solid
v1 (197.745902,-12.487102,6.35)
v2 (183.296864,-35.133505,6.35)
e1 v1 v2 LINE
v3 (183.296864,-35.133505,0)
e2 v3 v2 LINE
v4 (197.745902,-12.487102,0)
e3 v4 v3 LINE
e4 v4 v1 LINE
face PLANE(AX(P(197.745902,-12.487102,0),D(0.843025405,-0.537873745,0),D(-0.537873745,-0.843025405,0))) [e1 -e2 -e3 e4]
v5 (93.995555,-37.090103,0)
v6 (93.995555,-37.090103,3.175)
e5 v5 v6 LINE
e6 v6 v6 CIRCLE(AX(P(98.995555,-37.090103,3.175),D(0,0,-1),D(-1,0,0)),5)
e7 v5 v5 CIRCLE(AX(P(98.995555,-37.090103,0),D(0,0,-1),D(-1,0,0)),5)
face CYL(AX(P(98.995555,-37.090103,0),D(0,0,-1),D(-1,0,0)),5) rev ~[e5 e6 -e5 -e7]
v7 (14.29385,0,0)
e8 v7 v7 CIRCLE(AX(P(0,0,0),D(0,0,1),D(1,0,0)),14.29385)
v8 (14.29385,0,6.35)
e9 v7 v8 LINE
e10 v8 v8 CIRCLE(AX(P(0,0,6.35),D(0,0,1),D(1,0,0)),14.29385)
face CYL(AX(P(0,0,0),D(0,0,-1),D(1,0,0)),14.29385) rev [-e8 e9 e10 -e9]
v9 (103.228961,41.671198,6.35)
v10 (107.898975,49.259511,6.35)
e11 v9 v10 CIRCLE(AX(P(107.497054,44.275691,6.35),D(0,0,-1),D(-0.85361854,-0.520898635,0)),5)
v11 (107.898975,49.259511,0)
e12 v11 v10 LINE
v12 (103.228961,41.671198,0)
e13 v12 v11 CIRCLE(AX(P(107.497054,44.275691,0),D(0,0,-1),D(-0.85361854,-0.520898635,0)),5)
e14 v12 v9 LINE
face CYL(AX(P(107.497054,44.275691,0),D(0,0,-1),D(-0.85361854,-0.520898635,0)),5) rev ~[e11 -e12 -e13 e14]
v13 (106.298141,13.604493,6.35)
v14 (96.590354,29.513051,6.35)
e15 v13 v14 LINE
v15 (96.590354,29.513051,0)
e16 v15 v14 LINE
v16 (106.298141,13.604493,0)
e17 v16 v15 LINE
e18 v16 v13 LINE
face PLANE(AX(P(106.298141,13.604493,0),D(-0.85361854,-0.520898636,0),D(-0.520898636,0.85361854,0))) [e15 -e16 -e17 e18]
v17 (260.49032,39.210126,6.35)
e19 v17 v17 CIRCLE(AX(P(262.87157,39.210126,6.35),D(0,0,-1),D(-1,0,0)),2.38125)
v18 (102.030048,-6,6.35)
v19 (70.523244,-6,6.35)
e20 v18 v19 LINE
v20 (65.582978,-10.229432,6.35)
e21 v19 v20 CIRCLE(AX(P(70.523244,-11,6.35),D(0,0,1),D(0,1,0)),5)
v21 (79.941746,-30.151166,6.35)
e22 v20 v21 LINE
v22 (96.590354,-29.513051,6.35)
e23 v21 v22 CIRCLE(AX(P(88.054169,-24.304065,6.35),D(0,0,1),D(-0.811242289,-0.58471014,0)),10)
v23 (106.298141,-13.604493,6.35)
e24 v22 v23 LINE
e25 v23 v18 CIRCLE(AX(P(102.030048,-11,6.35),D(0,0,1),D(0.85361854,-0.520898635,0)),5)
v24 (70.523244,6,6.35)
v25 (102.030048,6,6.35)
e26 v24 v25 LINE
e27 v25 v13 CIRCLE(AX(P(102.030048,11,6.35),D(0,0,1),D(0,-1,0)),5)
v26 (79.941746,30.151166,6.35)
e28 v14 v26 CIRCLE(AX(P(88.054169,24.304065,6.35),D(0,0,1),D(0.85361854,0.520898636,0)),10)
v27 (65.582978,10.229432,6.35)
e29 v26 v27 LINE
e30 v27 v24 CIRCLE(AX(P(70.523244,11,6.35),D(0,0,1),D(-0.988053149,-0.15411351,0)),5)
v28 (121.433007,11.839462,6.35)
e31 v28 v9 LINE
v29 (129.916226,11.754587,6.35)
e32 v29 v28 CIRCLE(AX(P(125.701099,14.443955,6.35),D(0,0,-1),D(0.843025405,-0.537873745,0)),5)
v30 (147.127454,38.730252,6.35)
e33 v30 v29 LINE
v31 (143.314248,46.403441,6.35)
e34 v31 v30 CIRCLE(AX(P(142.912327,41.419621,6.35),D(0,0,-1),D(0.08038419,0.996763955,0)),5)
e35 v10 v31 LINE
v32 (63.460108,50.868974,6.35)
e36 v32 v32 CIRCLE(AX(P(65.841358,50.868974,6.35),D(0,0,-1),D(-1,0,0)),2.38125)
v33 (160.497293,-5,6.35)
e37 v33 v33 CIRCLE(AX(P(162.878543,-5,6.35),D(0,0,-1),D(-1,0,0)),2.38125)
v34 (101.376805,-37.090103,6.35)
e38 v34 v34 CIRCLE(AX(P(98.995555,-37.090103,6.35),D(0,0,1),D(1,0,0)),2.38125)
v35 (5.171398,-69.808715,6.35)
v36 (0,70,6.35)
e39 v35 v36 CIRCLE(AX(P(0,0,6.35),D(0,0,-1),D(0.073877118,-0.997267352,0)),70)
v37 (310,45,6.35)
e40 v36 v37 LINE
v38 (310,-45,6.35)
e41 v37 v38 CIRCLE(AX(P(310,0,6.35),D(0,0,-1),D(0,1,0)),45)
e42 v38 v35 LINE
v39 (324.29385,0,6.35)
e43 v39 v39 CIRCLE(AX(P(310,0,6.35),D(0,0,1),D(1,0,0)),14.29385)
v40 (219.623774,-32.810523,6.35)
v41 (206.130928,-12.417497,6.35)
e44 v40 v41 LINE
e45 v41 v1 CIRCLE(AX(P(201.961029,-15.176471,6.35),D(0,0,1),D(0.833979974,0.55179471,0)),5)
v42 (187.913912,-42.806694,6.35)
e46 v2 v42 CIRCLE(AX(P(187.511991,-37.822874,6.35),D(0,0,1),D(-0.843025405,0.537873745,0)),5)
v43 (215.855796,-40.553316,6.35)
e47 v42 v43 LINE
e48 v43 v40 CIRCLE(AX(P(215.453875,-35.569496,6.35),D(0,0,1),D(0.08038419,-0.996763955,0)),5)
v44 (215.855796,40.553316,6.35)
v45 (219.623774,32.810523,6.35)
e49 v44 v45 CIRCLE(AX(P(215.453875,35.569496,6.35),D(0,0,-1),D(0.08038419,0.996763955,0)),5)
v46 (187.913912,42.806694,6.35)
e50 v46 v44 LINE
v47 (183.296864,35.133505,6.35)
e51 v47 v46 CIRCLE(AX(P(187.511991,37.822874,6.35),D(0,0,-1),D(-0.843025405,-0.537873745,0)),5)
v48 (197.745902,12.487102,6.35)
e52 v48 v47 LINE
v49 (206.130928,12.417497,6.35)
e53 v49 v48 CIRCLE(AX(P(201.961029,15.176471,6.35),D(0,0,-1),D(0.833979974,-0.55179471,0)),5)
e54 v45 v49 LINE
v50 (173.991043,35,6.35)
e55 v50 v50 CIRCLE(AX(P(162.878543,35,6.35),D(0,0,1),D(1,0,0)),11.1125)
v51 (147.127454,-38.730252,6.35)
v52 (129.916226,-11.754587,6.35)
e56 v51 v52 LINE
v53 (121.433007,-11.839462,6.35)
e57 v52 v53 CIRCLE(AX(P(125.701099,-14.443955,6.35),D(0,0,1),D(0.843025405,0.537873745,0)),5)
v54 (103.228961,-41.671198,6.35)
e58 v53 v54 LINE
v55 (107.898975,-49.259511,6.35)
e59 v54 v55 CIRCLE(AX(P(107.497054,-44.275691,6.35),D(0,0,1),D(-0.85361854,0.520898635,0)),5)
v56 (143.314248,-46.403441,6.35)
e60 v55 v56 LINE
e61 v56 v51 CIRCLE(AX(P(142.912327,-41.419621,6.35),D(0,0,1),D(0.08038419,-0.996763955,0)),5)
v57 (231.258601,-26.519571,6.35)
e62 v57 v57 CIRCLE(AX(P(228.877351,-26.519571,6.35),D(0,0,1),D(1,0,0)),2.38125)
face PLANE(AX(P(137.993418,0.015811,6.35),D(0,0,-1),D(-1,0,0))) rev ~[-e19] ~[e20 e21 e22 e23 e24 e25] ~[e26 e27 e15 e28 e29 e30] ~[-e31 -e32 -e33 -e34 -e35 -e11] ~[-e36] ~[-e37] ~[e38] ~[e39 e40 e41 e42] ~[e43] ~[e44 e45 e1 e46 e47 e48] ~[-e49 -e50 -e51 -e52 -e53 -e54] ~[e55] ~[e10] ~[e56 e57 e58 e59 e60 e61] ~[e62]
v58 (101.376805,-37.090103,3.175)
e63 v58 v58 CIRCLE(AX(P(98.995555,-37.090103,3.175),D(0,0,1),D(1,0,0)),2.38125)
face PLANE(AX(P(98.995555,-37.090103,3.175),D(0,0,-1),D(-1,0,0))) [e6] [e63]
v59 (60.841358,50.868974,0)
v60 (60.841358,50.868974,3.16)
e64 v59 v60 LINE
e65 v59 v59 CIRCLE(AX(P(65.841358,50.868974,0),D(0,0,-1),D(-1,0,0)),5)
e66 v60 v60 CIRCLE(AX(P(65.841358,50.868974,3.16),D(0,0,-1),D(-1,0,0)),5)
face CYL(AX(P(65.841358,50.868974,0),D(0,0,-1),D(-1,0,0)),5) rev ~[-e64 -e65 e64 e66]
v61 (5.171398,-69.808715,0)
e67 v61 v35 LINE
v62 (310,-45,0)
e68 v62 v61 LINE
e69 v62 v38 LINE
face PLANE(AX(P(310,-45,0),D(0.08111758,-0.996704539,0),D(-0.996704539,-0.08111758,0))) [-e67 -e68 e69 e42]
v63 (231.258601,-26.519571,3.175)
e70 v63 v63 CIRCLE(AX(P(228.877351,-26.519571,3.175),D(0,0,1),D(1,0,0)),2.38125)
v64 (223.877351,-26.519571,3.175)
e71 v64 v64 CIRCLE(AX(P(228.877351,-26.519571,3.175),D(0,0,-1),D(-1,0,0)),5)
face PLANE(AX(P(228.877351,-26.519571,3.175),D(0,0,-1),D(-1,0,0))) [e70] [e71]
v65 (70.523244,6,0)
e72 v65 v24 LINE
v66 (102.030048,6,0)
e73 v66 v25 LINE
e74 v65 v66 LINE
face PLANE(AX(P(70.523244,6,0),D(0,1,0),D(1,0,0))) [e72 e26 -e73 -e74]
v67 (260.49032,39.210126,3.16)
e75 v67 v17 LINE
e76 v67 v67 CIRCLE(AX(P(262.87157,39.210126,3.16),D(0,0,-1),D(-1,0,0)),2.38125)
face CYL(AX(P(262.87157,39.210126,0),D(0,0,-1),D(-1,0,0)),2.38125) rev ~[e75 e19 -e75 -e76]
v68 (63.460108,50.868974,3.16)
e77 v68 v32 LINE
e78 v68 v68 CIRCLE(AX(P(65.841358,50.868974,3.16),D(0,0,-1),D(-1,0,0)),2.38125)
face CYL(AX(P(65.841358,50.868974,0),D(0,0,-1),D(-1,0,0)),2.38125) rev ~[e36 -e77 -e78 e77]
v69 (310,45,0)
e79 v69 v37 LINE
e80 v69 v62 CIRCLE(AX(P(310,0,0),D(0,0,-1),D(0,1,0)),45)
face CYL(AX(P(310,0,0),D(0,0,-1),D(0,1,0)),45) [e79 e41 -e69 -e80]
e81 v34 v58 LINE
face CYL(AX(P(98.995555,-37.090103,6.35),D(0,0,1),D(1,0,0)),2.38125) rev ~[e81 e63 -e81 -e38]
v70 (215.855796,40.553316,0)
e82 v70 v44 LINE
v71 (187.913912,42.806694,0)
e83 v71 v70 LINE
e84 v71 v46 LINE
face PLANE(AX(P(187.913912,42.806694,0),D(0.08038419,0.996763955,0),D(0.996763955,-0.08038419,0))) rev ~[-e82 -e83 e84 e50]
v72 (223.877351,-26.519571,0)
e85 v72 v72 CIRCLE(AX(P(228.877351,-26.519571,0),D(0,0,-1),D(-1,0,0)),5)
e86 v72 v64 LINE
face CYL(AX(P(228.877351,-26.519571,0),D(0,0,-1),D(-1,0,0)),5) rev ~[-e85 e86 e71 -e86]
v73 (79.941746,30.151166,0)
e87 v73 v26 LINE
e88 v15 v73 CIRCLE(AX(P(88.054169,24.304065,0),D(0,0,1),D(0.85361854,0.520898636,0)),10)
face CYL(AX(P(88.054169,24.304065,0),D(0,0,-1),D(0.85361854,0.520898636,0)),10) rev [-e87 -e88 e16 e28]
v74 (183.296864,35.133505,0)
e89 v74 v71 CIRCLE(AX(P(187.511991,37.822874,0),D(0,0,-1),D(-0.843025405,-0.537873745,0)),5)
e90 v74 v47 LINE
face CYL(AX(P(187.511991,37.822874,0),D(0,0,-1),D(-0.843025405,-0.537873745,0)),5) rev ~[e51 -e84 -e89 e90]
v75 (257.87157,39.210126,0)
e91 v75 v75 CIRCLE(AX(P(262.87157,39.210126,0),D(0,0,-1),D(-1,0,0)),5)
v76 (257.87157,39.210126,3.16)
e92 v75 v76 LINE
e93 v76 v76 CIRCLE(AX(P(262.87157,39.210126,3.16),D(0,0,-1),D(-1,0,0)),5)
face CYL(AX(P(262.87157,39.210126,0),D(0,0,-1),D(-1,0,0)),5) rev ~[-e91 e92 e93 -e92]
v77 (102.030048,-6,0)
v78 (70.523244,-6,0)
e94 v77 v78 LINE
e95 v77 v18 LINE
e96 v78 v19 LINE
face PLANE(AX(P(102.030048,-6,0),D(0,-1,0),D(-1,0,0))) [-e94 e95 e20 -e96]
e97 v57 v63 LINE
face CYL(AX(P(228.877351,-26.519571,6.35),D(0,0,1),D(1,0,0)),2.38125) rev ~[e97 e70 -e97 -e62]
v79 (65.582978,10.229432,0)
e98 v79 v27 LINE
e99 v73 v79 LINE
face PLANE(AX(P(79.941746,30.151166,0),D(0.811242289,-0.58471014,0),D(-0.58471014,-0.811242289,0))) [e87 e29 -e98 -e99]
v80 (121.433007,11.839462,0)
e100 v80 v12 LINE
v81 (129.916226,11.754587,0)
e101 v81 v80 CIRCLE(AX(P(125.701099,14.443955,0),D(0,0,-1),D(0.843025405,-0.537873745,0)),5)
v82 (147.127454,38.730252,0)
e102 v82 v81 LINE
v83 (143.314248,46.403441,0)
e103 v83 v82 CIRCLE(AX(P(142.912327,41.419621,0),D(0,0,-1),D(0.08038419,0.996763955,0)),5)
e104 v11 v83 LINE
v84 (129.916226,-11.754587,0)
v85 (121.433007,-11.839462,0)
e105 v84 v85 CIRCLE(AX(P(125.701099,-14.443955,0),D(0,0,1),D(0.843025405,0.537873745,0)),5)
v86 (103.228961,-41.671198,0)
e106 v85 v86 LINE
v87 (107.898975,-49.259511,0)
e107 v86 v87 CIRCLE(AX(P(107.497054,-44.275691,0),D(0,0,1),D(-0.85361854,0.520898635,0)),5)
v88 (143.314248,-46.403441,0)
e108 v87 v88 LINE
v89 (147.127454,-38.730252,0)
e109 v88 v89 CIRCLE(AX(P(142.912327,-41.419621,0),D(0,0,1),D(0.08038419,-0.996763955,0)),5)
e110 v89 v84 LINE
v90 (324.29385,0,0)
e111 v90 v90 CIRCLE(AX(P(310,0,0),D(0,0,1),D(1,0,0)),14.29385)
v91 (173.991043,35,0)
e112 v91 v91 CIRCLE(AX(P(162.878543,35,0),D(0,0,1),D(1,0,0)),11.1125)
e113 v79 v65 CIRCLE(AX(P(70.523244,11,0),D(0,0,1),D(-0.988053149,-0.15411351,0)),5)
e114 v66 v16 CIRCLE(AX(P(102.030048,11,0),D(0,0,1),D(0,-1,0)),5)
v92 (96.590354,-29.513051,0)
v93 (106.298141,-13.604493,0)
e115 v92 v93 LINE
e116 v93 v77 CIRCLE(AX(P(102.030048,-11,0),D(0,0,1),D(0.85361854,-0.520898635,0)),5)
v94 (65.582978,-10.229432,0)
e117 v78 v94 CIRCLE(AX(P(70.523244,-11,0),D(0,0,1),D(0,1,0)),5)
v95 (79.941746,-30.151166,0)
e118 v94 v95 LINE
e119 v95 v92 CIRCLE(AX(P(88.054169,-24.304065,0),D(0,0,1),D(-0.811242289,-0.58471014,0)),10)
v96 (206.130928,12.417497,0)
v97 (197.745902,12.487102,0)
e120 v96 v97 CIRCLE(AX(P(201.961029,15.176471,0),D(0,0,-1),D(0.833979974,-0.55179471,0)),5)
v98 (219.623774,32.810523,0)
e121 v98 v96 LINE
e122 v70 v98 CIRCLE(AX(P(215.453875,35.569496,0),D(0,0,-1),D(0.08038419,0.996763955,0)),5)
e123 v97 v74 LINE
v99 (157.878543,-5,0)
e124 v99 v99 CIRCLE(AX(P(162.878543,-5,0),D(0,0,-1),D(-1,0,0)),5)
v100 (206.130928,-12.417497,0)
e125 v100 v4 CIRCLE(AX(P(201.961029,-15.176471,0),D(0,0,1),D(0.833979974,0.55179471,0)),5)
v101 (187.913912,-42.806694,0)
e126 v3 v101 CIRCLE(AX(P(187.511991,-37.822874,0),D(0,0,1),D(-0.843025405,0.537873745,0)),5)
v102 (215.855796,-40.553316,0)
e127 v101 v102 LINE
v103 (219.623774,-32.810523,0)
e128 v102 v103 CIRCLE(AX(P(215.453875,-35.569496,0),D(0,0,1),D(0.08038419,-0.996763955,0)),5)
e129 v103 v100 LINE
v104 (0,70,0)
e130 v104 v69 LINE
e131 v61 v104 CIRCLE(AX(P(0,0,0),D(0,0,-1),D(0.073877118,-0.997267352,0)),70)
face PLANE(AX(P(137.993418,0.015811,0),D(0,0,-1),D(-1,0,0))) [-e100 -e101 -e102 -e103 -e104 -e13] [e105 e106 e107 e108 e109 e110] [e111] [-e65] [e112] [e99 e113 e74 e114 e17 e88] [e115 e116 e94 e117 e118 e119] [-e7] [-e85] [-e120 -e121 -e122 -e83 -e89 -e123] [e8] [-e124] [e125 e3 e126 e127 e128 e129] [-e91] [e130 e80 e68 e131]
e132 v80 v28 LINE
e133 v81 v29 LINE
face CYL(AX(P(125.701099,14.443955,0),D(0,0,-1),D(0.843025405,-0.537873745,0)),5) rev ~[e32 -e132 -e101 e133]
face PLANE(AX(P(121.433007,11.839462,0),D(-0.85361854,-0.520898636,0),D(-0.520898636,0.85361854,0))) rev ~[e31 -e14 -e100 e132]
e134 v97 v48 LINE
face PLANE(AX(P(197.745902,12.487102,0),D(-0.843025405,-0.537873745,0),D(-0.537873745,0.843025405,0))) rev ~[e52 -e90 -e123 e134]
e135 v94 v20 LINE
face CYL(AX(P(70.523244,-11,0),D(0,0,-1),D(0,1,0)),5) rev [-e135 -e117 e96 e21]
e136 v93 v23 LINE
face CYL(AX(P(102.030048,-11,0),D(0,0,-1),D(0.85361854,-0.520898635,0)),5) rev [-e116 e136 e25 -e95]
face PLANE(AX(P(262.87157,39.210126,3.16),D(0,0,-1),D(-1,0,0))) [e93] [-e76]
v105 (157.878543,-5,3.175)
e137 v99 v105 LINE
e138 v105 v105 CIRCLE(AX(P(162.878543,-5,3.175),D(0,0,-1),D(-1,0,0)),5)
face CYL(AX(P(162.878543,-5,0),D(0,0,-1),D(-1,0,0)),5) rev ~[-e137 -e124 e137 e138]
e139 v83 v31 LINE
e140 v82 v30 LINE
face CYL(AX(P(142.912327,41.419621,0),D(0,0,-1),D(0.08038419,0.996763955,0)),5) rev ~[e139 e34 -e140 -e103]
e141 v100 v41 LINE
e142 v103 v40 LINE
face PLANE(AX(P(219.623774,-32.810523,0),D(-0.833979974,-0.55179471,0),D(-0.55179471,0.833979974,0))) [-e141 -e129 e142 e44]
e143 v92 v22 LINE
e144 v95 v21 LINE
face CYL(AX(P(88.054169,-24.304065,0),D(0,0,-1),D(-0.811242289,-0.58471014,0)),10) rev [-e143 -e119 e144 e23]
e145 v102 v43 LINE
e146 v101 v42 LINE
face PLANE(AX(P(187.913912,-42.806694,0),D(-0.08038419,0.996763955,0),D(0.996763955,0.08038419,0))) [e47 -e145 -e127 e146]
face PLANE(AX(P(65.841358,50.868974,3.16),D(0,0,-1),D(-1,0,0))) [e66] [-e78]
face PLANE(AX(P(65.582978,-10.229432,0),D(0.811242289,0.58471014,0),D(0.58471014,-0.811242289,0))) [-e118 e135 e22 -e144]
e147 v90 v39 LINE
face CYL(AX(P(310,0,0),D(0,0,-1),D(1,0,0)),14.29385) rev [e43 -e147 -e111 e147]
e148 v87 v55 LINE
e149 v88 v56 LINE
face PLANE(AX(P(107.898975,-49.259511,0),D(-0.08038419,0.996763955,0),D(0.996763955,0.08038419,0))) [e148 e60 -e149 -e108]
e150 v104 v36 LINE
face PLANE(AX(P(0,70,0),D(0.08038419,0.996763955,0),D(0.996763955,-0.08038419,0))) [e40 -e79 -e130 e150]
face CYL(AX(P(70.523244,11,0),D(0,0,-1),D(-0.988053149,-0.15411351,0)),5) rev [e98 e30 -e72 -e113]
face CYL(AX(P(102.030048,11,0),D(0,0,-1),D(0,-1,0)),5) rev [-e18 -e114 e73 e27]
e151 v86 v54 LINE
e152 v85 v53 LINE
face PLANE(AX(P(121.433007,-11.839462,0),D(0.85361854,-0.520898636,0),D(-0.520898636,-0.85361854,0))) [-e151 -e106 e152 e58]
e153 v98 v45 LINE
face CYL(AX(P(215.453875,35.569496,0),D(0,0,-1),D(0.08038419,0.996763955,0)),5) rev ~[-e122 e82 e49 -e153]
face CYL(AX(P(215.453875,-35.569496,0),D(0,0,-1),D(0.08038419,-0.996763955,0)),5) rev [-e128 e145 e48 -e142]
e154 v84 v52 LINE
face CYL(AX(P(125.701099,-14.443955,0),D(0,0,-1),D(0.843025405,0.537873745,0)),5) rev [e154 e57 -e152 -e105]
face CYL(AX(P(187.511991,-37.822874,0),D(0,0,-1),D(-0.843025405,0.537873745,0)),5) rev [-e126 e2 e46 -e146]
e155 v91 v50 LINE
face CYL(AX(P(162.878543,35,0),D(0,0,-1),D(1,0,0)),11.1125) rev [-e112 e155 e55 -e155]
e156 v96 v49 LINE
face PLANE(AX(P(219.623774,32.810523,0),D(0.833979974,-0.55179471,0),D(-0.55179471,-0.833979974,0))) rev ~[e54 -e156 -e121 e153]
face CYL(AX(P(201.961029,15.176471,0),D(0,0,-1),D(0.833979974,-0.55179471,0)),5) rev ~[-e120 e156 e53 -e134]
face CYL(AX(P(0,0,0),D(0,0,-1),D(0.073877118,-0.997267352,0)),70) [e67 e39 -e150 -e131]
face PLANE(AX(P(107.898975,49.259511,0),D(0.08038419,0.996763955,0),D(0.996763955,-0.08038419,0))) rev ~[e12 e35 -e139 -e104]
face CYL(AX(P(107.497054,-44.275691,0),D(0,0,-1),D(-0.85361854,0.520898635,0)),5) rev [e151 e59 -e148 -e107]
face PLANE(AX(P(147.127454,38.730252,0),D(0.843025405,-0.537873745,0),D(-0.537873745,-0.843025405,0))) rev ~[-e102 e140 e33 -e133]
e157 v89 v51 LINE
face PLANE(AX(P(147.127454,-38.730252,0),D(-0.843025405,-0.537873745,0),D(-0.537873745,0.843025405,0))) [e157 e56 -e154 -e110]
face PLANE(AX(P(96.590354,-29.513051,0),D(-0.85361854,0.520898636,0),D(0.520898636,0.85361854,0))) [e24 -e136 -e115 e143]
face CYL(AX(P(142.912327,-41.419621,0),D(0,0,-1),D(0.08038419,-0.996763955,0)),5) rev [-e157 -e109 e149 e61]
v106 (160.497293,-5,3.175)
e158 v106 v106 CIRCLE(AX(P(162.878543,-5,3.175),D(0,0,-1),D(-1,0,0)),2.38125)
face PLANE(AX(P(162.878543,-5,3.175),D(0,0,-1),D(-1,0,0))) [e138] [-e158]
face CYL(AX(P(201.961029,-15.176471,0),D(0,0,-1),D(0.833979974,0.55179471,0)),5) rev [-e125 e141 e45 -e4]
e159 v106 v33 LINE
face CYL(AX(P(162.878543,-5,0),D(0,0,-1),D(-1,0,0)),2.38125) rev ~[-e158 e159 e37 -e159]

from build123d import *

# Parameters (mm, degrees)
SKETCH1_R             = 14.29385
SKETCH1_R_2           = 11.1125
BOSS_EXTRUDE1_DEPTH   = 6.35
CROQUIS1_R            = 2.38125
CORTAR_EXTRUIR1_DEPTH = 50
CROQUIS4_R            = 5
CORTAR_EXTRUIR2_DEPTH = 3.175
CROQUIS5_R            = 5
CORTAR_EXTRUIR3_DEPTH = 3.175
CROQUIS6_R            = 2.38125
CORTAR_EXTRUIR4_DEPTH = 10
CROQUIS7_R            = 2.38125
CORTAR_EXTRUIR5_DEPTH = 10
CROQUIS8_R            = 5
CORTAR_EXTRUIR6_DEPTH = 3.16


with BuildPart() as part:
    # Sketch1 → Boss-Extrude1 (new body)
    with BuildSketch(Plane.XY):
        with BuildLine():
            Line((0, 70), (310, 45))
            ThreePointArc((310, 45), (355, 0), (310, -45))
            Line((310, -45), (5.171398252, -69.808714643))
            ThreePointArc((5.171398252, -69.808714643), (-69.952162315, -2.587467389), (0, 70))
        make_face()
        Circle(SKETCH1_R, mode=Mode.SUBTRACT)
        with Locations((310, 0)):
            Circle(SKETCH1_R, mode=Mode.SUBTRACT)
        with Locations((162.878542763, 35)):
            Circle(SKETCH1_R_2, mode=Mode.SUBTRACT)
        with BuildLine():
            Line((107.898974887, 49.259511156), (143.314248041, 46.40344074))
            ThreePointArc((143.314248041, 46.40344074), (147.389908855, 43.644764005), (147.127454118, 38.730252238))
            Line((147.127454118, 38.730252238), (129.916226305, 11.754586611))
            ThreePointArc((129.916226305, 11.754586611), (125.651076231, 9.444205574), (121.433006579, 11.839462159))
            Line((121.433006579, 11.839462159), (103.228961238, 41.671198203))
            ThreePointArc((103.228961238, 41.671198203), (103.238833139, 46.896293531), (107.898974887, 49.259511156))
        make_face(mode=Mode.SUBTRACT)
        with BuildLine():
            Line((70.523244027, 6), (102.03004784, 6))
            ThreePointArc((102.03004784, 6), (106.3902351, 8.552804247), (106.298140539, 13.604493178))
            Line((106.298140539, 13.604493178), (96.590354482, 29.513051181))
            ThreePointArc((96.590354482, 29.513051181), (88.437172177, 34.296727565), (79.941746192, 30.151166228))
            Line((79.941746192, 30.151166228), (65.58297828, 10.229432452))
            ThreePointArc((65.58297828, 10.229432452), (67.271539685, 7.201787411), (70.523244027, 6))
        make_face(mode=Mode.SUBTRACT)
        with BuildLine():
            Line((219.623774494, 32.810522613), (206.130928429, 12.417497436))
            ThreePointArc((206.130928429, 12.417497436), (201.919524559, 10.176643248), (197.745901529, 12.48710226))
            Line((197.745901529, 12.48710226), (183.296864227, 35.133505128))
            ThreePointArc((183.296864227, 35.133505128), (183.227765467, 40.400743015), (187.913912204, 42.80669363))
            Line((187.913912204, 42.80669363), (215.855795571, 40.553315939))
            ThreePointArc((215.855795571, 40.553315939), (219.949772588, 37.757395035), (219.623774494, 32.810522613))
        make_face(mode=Mode.SUBTRACT)
        with BuildLine():
            Line((96.590354482, -29.513051181), (106.298140539, -13.604493178))
            ThreePointArc((106.298140539, -13.604493178), (106.3902351, -8.552804247), (102.03004784, -6))
            Line((102.03004784, -6), (70.523244027, -6))
            ThreePointArc((70.523244027, -6), (67.271539685, -7.201787411), (65.58297828, -10.229432452))
            Line((65.58297828, -10.229432452), (79.941746192, -30.151166228))
            ThreePointArc((79.941746192, -30.151166228), (88.437172177, -34.296727565), (96.590354482, -29.513051181))
        make_face(mode=Mode.SUBTRACT)
        with BuildLine():
            Line((187.913912204, -42.80669363), (215.855795571, -40.553315939))
            ThreePointArc((215.855795571, -40.553315939), (219.949772588, -37.757395035), (219.623774494, -32.810522613))
            Line((219.623774494, -32.810522613), (206.130928429, -12.417497436))
            ThreePointArc((206.130928429, -12.417497436), (201.919524559, -10.176643248), (197.745901529, -12.48710226))
            Line((197.745901529, -12.48710226), (183.296864227, -35.133505128))
            ThreePointArc((183.296864227, -35.133505128), (183.227765467, -40.400743015), (187.913912204, -42.80669363))
        make_face(mode=Mode.SUBTRACT)
        with BuildLine():
            Line((121.433006579, -11.839462159), (103.228961238, -41.671198203))
            ThreePointArc((103.228961238, -41.671198203), (103.238833139, -46.896293531), (107.898974887, -49.259511156))
            Line((107.898974887, -49.259511156), (143.314248041, -46.40344074))
            ThreePointArc((143.314248041, -46.40344074), (147.389908855, -43.644764005), (147.127454118, -38.730252238))
            Line((147.127454118, -38.730252238), (129.916226305, -11.754586611))
            ThreePointArc((129.916226305, -11.754586611), (125.651076231, -9.444205574), (121.433006579, -11.839462159))
        make_face(mode=Mode.SUBTRACT)
    extrude(amount=BOSS_EXTRUDE1_DEPTH)

    # Croquis1 → Cortar-Extruir1 (cut)
    with BuildSketch(Plane.XY.offset(6.35)):
        with Locations((98.995555235, -37.090103176)):
            Circle(CROQUIS1_R)
        with Locations((228.877351461, -26.519571404)):
            Circle(CROQUIS1_R)
    extrude(amount=-CORTAR_EXTRUIR1_DEPTH, mode=Mode.SUBTRACT)

    # Croquis4 → Cortar-Extruir2 (cut)
    with BuildSketch(Plane(origin=(0, 0, 0), x_dir=(-1, 0, 0), z_dir=(0, 0, -1))):
        with Locations((-228.877351461, -26.519571404)):
            Circle(CROQUIS4_R)
        with Locations((-98.995555235, -37.090103176)):
            Circle(CROQUIS4_R)
    extrude(amount=-CORTAR_EXTRUIR2_DEPTH, mode=Mode.SUBTRACT)

    # Croquis5 → Cortar-Extruir3 (cut)
    with BuildSketch(Plane(origin=(0, 0, 0), x_dir=(-1, 0, 0), z_dir=(0, 0, -1))):
        with Locations((-162.878542763, -5)):
            Circle(CROQUIS5_R)
    extrude(amount=-CORTAR_EXTRUIR3_DEPTH, mode=Mode.SUBTRACT)

    # Croquis6 → Cortar-Extruir4 (cut)
    with BuildSketch(Plane(origin=(0, 0, 0), x_dir=(-1, 0, 0), z_dir=(0, 0, -1))):
        with Locations((-162.878542763, -5)):
            Circle(CROQUIS6_R)
    extrude(amount=-CORTAR_EXTRUIR4_DEPTH, mode=Mode.SUBTRACT)

    # Croquis7 → Cortar-Extruir5 (cut)
    with BuildSketch(Plane(origin=(0, 0, 0), x_dir=(-1, 0, 0), z_dir=(0, 0, -1))):
        with Locations((-65.84135797, 50.868973694)):
            Circle(CROQUIS7_R)
        with Locations((-262.871569638, 39.210126075)):
            Circle(CROQUIS7_R)
    extrude(amount=-CORTAR_EXTRUIR5_DEPTH, mode=Mode.SUBTRACT)

    # Croquis8 → Cortar-Extruir6 (cut)
    with BuildSketch(Plane(origin=(0, 0, 0), x_dir=(-1, 0, 0), z_dir=(0, 0, -1))):
        with Locations((-262.871569638, 39.210126075)):
            Circle(CROQUIS8_R)
        with Locations((-65.84135797, 50.868973694)):
            Circle(CROQUIS8_R)
    extrude(amount=-CORTAR_EXTRUIR6_DEPTH, mode=Mode.SUBTRACT)


solid = part.part
